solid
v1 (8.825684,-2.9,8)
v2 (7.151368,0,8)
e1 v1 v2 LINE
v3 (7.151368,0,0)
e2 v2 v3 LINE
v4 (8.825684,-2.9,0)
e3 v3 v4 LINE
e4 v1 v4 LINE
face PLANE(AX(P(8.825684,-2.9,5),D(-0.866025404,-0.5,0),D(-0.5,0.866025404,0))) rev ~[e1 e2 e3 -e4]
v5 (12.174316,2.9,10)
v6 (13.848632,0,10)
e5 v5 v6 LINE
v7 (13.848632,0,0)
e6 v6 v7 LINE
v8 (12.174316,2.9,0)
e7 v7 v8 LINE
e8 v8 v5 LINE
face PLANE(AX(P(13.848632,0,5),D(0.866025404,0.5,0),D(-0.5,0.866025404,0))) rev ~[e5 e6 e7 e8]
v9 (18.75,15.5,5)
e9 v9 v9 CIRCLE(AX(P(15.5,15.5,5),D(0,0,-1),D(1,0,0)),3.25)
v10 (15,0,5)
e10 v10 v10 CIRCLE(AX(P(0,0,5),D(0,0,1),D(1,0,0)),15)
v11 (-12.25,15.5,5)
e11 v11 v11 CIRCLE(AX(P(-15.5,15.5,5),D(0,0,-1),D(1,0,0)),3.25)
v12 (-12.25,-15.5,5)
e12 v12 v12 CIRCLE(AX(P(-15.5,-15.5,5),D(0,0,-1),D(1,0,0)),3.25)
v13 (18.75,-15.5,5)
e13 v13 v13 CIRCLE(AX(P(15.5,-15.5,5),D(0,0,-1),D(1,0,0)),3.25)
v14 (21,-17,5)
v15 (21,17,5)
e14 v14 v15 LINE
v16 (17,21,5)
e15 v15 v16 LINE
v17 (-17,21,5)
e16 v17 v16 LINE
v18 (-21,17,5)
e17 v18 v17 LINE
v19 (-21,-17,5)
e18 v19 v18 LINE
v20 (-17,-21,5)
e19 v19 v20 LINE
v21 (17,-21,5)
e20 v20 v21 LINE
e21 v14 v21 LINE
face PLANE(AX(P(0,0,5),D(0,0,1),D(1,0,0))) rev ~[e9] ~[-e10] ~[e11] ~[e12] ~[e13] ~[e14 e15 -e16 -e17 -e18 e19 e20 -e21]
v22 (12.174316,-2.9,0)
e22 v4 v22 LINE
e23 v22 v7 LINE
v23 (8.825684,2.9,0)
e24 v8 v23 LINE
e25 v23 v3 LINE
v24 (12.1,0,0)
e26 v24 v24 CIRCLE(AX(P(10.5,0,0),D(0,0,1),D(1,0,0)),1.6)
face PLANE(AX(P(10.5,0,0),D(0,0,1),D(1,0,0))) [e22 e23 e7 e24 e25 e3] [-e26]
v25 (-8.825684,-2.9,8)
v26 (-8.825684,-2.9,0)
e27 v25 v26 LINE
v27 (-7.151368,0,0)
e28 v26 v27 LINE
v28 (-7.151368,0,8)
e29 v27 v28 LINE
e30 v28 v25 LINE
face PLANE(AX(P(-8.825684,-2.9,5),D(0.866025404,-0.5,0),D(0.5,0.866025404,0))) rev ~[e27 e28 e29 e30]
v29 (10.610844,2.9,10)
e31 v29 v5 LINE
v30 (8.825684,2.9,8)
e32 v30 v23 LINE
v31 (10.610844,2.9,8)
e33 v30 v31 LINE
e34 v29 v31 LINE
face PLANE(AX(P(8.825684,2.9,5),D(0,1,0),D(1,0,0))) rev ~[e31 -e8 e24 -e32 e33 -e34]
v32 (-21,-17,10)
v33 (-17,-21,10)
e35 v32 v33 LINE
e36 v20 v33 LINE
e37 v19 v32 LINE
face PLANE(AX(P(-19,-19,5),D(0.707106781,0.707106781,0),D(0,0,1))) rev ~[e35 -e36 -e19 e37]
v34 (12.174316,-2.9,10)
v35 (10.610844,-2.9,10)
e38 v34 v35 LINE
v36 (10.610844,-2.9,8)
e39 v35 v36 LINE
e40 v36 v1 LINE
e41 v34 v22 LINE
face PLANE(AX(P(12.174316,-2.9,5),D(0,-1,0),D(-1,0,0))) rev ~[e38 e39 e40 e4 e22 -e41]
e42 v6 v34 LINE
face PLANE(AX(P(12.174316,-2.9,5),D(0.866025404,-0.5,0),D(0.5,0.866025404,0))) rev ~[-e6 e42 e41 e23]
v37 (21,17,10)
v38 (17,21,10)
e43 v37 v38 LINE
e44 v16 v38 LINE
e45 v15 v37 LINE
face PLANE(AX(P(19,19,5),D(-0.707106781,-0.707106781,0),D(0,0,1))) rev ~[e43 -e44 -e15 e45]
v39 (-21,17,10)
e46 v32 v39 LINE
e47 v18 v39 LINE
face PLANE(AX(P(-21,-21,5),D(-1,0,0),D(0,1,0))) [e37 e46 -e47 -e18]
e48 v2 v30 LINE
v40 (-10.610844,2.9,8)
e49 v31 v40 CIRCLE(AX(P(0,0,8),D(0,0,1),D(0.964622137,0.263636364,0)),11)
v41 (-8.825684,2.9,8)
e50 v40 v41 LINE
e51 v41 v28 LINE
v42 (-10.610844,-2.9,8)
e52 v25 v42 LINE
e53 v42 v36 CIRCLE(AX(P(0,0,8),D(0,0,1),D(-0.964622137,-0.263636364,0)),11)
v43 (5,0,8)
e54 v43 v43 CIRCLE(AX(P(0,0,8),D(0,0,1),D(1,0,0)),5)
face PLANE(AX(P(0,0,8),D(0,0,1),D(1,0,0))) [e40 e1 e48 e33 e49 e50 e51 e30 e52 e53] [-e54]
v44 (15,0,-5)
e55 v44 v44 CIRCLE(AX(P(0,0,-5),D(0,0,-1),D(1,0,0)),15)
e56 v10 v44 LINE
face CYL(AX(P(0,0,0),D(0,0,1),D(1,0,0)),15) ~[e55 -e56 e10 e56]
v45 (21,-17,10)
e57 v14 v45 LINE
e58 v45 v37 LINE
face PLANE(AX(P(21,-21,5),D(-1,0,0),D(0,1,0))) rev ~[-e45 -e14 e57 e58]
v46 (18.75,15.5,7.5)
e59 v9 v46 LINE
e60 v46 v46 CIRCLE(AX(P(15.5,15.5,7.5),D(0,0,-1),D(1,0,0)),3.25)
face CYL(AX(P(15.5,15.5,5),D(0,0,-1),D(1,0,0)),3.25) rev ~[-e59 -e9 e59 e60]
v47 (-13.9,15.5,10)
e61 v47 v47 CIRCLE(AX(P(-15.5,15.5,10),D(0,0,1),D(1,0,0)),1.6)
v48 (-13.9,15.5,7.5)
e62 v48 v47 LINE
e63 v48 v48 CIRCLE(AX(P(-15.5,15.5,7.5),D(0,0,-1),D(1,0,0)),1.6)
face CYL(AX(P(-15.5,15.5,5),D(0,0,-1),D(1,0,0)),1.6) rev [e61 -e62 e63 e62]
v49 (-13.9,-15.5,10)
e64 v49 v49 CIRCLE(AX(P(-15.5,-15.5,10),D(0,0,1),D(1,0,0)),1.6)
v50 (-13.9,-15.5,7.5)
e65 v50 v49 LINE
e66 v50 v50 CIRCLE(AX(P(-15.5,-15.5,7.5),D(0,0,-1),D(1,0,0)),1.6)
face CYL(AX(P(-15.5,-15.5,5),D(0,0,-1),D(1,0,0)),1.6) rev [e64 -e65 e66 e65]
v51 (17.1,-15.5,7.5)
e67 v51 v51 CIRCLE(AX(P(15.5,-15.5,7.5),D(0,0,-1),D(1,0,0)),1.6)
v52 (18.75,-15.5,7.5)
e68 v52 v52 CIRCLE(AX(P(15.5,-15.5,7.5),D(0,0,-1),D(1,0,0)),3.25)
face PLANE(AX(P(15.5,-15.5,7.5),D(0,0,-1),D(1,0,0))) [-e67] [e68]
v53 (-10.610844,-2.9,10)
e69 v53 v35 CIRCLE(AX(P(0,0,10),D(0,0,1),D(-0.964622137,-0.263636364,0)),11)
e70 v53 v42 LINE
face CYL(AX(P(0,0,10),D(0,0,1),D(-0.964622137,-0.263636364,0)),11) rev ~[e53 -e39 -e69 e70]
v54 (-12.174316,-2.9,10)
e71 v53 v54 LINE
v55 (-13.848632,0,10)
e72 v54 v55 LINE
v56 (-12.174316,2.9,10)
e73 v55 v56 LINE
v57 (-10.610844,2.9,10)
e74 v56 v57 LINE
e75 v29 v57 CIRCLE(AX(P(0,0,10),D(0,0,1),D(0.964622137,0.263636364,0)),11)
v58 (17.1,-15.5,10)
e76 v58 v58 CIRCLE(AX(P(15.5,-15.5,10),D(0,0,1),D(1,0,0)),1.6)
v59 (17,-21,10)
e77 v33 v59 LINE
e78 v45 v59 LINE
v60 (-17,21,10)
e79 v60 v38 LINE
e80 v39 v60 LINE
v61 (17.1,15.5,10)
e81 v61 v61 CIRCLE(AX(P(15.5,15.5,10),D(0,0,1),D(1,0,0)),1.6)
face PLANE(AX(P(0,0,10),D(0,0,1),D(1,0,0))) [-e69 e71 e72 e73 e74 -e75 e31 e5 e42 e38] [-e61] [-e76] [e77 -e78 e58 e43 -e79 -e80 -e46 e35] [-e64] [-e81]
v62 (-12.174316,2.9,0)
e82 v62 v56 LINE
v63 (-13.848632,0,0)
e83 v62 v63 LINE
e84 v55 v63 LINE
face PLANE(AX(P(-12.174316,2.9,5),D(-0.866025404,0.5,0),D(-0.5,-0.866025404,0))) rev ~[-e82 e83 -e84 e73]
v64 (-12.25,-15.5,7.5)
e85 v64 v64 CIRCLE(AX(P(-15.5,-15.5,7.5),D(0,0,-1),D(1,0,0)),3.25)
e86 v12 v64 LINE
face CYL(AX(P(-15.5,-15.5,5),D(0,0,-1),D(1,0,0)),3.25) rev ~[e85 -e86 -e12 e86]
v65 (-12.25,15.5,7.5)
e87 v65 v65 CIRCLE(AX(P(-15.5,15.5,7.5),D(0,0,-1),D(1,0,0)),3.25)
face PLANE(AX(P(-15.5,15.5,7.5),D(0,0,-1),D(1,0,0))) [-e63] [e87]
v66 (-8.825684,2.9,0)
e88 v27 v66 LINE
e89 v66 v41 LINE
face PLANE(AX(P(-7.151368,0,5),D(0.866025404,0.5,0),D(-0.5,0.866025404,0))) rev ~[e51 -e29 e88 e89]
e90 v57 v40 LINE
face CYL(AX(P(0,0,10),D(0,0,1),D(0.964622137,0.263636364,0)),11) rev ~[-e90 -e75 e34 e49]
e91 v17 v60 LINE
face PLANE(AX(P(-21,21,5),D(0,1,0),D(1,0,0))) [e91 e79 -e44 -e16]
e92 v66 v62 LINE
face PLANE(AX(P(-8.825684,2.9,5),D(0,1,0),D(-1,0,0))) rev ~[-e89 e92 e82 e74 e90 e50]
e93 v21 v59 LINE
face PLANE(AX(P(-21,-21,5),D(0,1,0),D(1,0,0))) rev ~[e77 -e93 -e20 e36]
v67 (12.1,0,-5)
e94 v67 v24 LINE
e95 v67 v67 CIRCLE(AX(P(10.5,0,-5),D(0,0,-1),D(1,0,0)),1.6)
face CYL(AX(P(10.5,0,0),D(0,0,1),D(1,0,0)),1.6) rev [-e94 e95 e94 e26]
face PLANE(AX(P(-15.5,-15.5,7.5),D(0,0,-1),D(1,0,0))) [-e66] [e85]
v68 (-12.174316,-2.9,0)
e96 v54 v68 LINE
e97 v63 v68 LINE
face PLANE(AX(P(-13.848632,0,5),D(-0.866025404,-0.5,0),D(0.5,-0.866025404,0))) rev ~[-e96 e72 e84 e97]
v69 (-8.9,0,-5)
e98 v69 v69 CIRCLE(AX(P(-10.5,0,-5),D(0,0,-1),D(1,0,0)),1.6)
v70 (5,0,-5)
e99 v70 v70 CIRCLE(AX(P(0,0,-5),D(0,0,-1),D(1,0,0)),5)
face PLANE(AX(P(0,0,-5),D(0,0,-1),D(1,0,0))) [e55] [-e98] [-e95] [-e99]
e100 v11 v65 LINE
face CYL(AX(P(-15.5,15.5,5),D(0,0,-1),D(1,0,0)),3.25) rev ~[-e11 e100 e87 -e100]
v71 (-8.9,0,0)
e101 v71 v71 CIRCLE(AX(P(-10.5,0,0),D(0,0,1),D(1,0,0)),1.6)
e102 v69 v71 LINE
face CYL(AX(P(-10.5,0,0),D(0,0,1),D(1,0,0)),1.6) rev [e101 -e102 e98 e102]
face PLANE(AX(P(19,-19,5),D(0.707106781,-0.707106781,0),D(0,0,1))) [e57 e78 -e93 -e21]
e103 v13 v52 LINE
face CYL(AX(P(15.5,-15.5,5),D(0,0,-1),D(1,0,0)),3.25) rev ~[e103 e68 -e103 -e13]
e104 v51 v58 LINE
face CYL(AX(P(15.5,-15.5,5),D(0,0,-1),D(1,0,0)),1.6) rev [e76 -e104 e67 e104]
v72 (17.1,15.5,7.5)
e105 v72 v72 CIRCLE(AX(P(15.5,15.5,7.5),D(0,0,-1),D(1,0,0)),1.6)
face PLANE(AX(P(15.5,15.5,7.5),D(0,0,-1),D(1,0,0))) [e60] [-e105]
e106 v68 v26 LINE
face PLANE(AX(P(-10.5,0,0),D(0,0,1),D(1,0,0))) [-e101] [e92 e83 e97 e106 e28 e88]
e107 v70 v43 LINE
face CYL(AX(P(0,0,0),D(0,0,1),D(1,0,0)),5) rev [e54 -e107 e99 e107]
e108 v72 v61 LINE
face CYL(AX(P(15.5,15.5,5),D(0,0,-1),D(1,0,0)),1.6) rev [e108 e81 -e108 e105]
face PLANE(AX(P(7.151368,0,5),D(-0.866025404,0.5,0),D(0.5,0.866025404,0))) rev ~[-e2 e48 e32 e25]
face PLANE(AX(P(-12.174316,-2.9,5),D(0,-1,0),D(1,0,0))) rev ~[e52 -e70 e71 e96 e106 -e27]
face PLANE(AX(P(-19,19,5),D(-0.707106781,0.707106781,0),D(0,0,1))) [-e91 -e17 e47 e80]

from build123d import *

# Parameters (mm, degrees)
F0_R      = 15
F0_R_2    = 1.6
F0_R_3    = 5
F1_DEPTH  = 5
F2_W      = 42
F2_H      = 42
F2_R      = 1.6
F2_R_2    = 15
F2_R_3    = 5
F3_DEPTH  = 5
F4_SIZE   = 4
F5_R      = 5
F6_DEPTH  = 2
F7_R      = 15
F7_R_2    = 1.6
F7_R_3    = 5
F8_DEPTH  = 5
F9_R      = 1.6
F10_DEPTH = 5
F11_R     = 3.25
F11_R_2   = 1.6
F12_DEPTH = 2.5


with BuildPart() as f1:
    # F0 (on Top) → F1 (new body)
    with BuildSketch(Plane.XY):
        Circle(F0_R)
        with Locations((-10.5, 0)):
            Circle(F0_R_2, mode=Mode.SUBTRACT)
        Circle(F0_R_3, mode=Mode.SUBTRACT)
        with Locations((10.5, 0)):
            Circle(F0_R_2, mode=Mode.SUBTRACT)
    extrude(amount=F1_DEPTH)

    # F2 (on face) → F3 (join)
    with BuildSketch(Plane.XY.offset(5)):
        Rectangle(F2_W, F2_H)
        with Locations((-15.5, -15.5)):
            Circle(F2_R, mode=Mode.SUBTRACT)
        with Locations((15.5, -15.5)):
            Circle(F2_R, mode=Mode.SUBTRACT)
        with Locations((-15.5, 15.5)):
            Circle(F2_R, mode=Mode.SUBTRACT)
        Circle(F2_R_2, mode=Mode.SUBTRACT)
        with Locations((15.5, 15.5)):
            Circle(F2_R, mode=Mode.SUBTRACT)
        Circle(F2_R_2)
        Polygon((-13.8486315613, 0), (-12.1743157806, 2.9), (-8.8256842194, 2.9), (-7.1513684387, 0), (-8.8256842194, -2.9), (-12.1743157806, -2.9), align=None, mode=Mode.SUBTRACT)
        Circle(F2_R_3, mode=Mode.SUBTRACT)
        Polygon((13.8486315613, 0), (12.1743157806, -2.9), (8.8256842194, -2.9), (7.1513684387, 0), (8.8256842194, 2.9), (12.1743157806, 2.9), align=None, mode=Mode.SUBTRACT)
    extrude(amount=F3_DEPTH)

    # F4
    f4_edges = [f1.edges().sort_by_distance(p)[0] for p in [
        (21, 21, 7.5),
        (21, -21, 7.5),
        (-21, -21, 7.5),
        (-21, 21, 7.5),
    ]]
    chamfer(f4_edges, length=F4_SIZE)

    # F5 (on face) → F6 (cut)
    with BuildSketch(Plane.XY.offset(10)):
        with BuildLine():
            Line((8.8256842194, 2.9), (10.6108435103, 2.9))
            ThreePointArc((10.6108435103, 2.9), (0, 11), (-10.6108435103, 2.9))
            Line((-10.6108435103, 2.9), (-8.8256842194, 2.9))
            Line((-8.8256842194, 2.9), (-7.1513684387, 0))
            Line((-7.1513684387, 0), (-8.8256842194, -2.9))
            Line((-8.8256842194, -2.9), (-10.6108435103, -2.9))
            ThreePointArc((-10.6108435103, -2.9), (0, -11), (10.6108435103, -2.9))
            Line((10.6108435103, -2.9), (8.8256842194, -2.9))
            Line((8.8256842194, -2.9), (7.1513684387, 0))
            Line((7.1513684387, 0), (8.8256842194, 2.9))
        make_face()
        Circle(F5_R, mode=Mode.SUBTRACT)
    extrude(amount=-F6_DEPTH, mode=Mode.SUBTRACT)

    # F7 (on face) → F8 (join)
    with BuildSketch(Plane(origin=(0, 0, 0), x_dir=(1, 0, 0), z_dir=(0, 0, -1))):
        Circle(F7_R)
        with Locations((-10.5, 0)):
            Circle(F7_R_2, mode=Mode.SUBTRACT)
        Circle(F7_R_3, mode=Mode.SUBTRACT)
        with Locations((10.5, 0)):
            Circle(F7_R_2, mode=Mode.SUBTRACT)
    extrude(amount=F8_DEPTH)

    # F9 (on face) → F10 (cut)
    with BuildSketch(Plane.XY.offset(5)):
        Polygon((-12.1743157806, 2.9), (-13.8486315613, 0), (-12.1743157806, -2.9), (-8.8256842194, -2.9), (-7.1513684387, 0), (-8.8256842194, 2.9), align=None)
        with Locations((-10.5, 0)):
            Circle(F9_R, mode=Mode.SUBTRACT)
        Polygon((8.8256842194, -2.9), (12.1743157806, -2.9), (13.8486315613, 0), (12.1743157806, 2.9), (8.8256842194, 2.9), (7.1513684387, 0), align=None)
    extrude(amount=-F10_DEPTH, mode=Mode.SUBTRACT)

    # F11 (on face) → F12 (cut)
    with BuildSketch(Plane(origin=(0, 0, 5), x_dir=(1, 0, 0), z_dir=(0, 0, -1))):
        with Locations((15.5, 15.5)):
            Circle(F11_R)
        with Locations((15.5, 15.5)):
            Circle(F11_R_2, mode=Mode.SUBTRACT)
        with Locations((15.5, -15.5)):
            Circle(F11_R)
        with Locations((15.5, -15.5)):
            Circle(F11_R_2, mode=Mode.SUBTRACT)
        with Locations((-15.5, -15.5)):
            Circle(F11_R)
        with Locations((-15.5, -15.5)):
            Circle(F11_R_2, mode=Mode.SUBTRACT)
        with Locations((-15.5, 15.5)):
            Circle(F11_R)
        with Locations((-15.5, 15.5)):
            Circle(F11_R_2, mode=Mode.SUBTRACT)
    extrude(amount=-F12_DEPTH, mode=Mode.SUBTRACT)


solid = f1.part
